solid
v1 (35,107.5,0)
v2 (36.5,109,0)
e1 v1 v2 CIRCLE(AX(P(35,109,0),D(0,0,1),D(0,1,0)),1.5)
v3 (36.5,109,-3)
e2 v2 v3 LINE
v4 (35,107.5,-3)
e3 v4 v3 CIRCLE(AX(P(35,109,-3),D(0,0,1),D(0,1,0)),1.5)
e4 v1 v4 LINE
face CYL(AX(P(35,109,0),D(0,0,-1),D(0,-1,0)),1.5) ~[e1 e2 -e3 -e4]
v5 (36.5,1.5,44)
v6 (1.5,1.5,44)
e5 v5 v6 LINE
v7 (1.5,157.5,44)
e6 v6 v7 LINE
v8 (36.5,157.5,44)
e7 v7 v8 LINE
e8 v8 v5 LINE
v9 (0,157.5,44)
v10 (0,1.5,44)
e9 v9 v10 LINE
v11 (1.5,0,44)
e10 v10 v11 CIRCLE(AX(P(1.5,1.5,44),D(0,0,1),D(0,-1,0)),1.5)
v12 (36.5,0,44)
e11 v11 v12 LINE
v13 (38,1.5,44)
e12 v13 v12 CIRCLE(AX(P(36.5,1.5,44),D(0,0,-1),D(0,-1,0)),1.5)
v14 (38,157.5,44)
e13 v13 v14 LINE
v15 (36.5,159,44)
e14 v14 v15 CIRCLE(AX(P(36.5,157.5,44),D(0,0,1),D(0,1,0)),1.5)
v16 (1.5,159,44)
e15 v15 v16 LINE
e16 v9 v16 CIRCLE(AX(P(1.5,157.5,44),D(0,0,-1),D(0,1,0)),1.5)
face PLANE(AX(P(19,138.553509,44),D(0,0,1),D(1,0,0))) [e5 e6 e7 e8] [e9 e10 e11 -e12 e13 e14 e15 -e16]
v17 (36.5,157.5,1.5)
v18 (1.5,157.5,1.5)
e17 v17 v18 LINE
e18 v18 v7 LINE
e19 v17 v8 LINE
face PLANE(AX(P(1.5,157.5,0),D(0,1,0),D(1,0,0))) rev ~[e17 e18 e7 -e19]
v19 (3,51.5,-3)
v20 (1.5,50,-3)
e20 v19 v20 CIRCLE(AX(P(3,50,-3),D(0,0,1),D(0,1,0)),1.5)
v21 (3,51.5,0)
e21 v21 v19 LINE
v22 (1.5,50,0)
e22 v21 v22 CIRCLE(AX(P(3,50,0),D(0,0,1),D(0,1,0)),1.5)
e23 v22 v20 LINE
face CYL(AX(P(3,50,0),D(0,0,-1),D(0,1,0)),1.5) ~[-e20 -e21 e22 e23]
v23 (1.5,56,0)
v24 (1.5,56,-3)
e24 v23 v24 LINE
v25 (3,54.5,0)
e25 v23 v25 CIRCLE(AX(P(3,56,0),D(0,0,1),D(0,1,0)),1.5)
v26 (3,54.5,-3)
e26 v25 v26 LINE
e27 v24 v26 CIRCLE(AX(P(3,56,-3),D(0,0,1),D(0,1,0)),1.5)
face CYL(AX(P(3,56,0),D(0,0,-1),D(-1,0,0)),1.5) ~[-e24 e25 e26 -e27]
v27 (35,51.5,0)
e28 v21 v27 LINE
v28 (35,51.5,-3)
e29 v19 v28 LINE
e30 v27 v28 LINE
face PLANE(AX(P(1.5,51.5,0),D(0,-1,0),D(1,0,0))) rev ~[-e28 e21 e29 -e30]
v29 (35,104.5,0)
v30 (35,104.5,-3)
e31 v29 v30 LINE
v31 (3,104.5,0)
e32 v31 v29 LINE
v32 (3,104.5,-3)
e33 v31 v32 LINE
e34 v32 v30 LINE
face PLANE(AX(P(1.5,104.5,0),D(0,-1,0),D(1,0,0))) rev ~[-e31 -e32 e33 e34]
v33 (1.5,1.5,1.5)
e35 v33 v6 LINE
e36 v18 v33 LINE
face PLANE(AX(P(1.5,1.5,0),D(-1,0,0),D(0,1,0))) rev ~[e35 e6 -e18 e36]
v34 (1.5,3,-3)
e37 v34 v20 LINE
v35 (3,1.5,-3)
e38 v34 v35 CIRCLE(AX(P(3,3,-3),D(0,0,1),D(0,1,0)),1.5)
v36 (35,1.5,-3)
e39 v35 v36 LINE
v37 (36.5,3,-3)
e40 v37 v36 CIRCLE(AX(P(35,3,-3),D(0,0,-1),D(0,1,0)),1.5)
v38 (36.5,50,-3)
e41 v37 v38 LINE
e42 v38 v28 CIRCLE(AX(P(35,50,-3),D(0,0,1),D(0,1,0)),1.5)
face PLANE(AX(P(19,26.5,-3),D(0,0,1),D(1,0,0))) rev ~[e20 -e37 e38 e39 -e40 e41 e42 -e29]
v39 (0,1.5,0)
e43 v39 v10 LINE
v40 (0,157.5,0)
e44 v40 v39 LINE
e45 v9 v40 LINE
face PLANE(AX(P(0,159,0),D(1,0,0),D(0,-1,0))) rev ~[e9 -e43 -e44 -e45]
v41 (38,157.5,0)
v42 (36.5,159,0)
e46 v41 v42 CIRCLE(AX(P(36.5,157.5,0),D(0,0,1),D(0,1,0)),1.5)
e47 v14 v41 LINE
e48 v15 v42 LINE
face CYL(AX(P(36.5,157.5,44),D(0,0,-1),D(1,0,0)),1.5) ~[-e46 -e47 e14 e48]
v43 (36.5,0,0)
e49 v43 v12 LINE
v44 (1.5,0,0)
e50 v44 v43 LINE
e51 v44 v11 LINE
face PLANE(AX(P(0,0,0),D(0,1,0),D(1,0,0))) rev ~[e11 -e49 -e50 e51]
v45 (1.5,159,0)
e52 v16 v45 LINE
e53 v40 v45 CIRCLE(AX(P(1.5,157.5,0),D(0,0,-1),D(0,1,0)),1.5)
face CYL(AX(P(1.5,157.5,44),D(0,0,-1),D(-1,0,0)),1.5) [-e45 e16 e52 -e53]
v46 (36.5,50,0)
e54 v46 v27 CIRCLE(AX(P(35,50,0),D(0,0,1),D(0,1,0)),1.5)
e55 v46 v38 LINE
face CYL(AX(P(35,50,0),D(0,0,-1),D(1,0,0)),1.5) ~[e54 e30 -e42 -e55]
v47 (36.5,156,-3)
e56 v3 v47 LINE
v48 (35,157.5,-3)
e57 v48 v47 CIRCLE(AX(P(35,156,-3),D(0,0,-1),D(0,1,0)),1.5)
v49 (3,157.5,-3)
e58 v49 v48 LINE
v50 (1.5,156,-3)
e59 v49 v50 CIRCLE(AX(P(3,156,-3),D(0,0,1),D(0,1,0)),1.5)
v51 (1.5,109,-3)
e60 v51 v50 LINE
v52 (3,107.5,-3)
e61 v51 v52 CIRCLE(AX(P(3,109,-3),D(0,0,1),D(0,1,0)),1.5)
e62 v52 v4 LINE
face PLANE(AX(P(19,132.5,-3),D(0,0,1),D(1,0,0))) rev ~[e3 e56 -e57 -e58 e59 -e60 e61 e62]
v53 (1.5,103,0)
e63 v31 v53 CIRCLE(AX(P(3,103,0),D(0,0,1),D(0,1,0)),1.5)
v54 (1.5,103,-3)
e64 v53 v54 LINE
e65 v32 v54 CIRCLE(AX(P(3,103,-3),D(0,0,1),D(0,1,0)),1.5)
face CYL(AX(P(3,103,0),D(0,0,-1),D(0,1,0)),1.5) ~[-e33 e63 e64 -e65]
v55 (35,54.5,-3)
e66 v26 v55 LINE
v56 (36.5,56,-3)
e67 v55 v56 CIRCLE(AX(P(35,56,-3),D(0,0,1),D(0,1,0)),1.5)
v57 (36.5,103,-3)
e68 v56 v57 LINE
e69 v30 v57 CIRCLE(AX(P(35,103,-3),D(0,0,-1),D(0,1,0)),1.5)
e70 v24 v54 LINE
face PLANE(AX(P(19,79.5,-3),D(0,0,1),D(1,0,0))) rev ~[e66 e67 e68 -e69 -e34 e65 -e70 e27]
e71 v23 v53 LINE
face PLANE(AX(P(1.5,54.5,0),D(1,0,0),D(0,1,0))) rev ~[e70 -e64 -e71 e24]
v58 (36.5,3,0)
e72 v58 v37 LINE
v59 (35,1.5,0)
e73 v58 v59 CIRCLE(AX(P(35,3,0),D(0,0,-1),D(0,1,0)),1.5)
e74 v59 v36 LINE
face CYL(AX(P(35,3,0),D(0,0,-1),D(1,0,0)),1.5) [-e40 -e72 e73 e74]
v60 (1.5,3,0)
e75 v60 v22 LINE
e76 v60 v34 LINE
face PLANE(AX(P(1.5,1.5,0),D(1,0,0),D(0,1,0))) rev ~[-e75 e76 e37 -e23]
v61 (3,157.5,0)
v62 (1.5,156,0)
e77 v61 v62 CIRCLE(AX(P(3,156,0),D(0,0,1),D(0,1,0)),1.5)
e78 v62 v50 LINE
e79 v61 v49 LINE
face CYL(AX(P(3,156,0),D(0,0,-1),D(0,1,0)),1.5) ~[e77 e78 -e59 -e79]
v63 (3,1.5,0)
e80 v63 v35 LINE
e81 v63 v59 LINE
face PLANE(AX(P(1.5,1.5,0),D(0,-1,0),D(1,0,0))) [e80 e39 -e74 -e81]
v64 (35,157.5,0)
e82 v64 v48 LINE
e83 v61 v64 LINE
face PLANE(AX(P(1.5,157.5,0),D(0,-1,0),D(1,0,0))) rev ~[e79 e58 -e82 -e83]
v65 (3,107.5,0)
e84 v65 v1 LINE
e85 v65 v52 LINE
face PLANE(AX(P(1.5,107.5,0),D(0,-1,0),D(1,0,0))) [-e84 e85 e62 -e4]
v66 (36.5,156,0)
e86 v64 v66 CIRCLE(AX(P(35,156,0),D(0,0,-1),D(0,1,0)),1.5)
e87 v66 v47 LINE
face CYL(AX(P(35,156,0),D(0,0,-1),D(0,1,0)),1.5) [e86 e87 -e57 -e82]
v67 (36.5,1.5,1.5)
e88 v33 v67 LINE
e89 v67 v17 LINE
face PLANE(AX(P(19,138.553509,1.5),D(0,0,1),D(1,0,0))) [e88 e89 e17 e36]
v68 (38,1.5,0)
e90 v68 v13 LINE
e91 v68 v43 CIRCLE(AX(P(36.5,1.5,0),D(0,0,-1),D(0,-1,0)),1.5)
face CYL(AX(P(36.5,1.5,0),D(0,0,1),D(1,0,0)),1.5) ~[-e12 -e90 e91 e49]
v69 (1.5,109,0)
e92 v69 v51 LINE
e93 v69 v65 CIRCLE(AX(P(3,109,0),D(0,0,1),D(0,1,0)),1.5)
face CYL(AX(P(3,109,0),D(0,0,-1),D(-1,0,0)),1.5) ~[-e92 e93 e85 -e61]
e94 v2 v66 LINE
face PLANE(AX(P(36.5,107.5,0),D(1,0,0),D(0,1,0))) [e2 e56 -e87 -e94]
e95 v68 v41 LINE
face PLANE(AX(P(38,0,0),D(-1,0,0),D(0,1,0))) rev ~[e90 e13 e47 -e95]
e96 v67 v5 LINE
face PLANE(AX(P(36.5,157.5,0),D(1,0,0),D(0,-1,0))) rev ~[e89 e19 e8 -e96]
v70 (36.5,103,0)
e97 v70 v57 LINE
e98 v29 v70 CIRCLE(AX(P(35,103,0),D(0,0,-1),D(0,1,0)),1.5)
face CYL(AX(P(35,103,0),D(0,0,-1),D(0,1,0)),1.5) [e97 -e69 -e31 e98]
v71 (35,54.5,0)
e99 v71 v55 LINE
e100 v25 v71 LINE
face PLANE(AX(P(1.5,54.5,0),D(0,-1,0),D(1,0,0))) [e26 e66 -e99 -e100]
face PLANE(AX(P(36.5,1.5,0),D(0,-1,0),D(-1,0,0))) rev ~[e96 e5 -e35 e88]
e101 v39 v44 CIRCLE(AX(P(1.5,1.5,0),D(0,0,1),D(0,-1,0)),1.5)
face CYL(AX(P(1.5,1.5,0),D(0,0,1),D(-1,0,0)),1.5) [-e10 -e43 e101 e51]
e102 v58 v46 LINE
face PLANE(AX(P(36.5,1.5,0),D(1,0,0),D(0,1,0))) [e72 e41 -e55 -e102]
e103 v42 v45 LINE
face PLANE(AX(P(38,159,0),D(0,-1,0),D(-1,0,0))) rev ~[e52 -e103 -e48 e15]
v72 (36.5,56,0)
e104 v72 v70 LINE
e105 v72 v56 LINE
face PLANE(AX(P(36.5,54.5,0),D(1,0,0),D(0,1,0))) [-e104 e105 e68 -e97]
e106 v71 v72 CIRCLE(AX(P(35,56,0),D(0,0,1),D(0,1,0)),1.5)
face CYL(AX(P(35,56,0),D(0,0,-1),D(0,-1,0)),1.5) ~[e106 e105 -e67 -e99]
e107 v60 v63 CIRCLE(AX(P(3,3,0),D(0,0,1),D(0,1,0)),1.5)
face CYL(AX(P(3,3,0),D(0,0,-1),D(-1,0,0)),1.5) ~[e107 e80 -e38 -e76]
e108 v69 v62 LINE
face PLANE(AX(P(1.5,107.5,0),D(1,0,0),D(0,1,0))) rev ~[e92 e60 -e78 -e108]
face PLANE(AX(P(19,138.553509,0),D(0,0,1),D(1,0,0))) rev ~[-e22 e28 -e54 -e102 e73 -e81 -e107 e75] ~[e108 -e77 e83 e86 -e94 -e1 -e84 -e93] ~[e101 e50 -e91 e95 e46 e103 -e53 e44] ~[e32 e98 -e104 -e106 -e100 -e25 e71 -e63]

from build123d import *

# Parameters (mm, degrees)
F0_W     = 35
F0_H     = 50
F1_DEPTH = 3
F0_H_2   = 1.5
F2_DEPTH = 1.5
F3_DEPTH = 44
F4_R     = 1.5


with BuildPart() as f1:
    # F0 (on Top) → F1 (new body)
    with BuildSketch(Plane.XY):
        with Locations((19, 132.5)):
            Rectangle(F0_W, F0_H)
        with Locations((19, 79.5)):
            Rectangle(F0_W, F0_H)
        with Locations((19, 26.5)):
            Rectangle(F0_W, F0_H)
    extrude(amount=-F1_DEPTH)

    # F0 (on Top) → F2 (join)
    with BuildSketch(Plane.XY):
        Polygon((0, 159), (0, 106), (1.5, 106), (1.5, 107.5), (1.5, 157.5), (36.5, 157.5), (36.5, 107.5), (36.5, 106), (38, 106), (38, 159), align=None)
        with Locations((19, 132.5)):
            Rectangle(F0_W, F0_H)
        with Locations((19, 105.25)):
            Rectangle(F0_W, F0_H_2)
        with Locations((19, 106.75)):
            Rectangle(F0_W, F0_H_2)
        Polygon((36.5, 53), (38, 53), (38, 106), (36.5, 106), (36.5, 104.5), (36.5, 54.5), align=None)
        Polygon((0, 106), (0, 53), (1.5, 53), (1.5, 54.5), (1.5, 104.5), (1.5, 106), align=None)
        with Locations((19, 79.5)):
            Rectangle(F0_W, F0_H)
        with Locations((19, 53.75)):
            Rectangle(F0_W, F0_H_2)
        with Locations((19, 52.25)):
            Rectangle(F0_W, F0_H_2)
        with Locations((19, 26.5)):
            Rectangle(F0_W, F0_H)
        Polygon((0, 53), (0, 0), (38, 0), (38, 53), (36.5, 53), (36.5, 51.5), (36.5, 1.5), (1.5, 1.5), (1.5, 51.5), (1.5, 53), align=None)
    extrude(amount=F2_DEPTH)

    # F0 (on Top) → F3 (join)
    with BuildSketch(Plane.XY):
        Polygon((0, 159), (0, 106), (1.5, 106), (1.5, 107.5), (1.5, 157.5), (36.5, 157.5), (36.5, 107.5), (36.5, 106), (38, 106), (38, 159), align=None)
        Polygon((0, 106), (0, 53), (1.5, 53), (1.5, 54.5), (1.5, 104.5), (1.5, 106), align=None)
        Polygon((36.5, 53), (38, 53), (38, 106), (36.5, 106), (36.5, 104.5), (36.5, 54.5), align=None)
        Polygon((0, 53), (0, 0), (38, 0), (38, 53), (36.5, 53), (36.5, 51.5), (36.5, 1.5), (1.5, 1.5), (1.5, 51.5), (1.5, 53), align=None)
    extrude(amount=F3_DEPTH)

    # F4
    f4_edges = [f1.edges().sort_by_distance(p)[0] for p in [
        (0, 159, 22),
        (38, 159, 22),
        (36.5, 157.5, -1.5),
        (1.5, 157.5, -1.5),
        (36.5, 107.5, -1.5),
        (1.5, 107.5, -1.5),
        (1.5, 104.5, -1.5),
        (36.5, 104.5, -1.5),
        (36.5, 54.5, -1.5),
        (36.5, 51.5, -1.5),
        (1.5, 51.5, -1.5),
        (1.5, 54.5, -1.5),
        (36.5, 1.5, -1.5),
        (38, 0, 22),
        (1.5, 1.5, -1.5),
        (0, 0, 22),
    ]]
    fillet(f4_edges, radius=F4_R)


solid = f1.part
